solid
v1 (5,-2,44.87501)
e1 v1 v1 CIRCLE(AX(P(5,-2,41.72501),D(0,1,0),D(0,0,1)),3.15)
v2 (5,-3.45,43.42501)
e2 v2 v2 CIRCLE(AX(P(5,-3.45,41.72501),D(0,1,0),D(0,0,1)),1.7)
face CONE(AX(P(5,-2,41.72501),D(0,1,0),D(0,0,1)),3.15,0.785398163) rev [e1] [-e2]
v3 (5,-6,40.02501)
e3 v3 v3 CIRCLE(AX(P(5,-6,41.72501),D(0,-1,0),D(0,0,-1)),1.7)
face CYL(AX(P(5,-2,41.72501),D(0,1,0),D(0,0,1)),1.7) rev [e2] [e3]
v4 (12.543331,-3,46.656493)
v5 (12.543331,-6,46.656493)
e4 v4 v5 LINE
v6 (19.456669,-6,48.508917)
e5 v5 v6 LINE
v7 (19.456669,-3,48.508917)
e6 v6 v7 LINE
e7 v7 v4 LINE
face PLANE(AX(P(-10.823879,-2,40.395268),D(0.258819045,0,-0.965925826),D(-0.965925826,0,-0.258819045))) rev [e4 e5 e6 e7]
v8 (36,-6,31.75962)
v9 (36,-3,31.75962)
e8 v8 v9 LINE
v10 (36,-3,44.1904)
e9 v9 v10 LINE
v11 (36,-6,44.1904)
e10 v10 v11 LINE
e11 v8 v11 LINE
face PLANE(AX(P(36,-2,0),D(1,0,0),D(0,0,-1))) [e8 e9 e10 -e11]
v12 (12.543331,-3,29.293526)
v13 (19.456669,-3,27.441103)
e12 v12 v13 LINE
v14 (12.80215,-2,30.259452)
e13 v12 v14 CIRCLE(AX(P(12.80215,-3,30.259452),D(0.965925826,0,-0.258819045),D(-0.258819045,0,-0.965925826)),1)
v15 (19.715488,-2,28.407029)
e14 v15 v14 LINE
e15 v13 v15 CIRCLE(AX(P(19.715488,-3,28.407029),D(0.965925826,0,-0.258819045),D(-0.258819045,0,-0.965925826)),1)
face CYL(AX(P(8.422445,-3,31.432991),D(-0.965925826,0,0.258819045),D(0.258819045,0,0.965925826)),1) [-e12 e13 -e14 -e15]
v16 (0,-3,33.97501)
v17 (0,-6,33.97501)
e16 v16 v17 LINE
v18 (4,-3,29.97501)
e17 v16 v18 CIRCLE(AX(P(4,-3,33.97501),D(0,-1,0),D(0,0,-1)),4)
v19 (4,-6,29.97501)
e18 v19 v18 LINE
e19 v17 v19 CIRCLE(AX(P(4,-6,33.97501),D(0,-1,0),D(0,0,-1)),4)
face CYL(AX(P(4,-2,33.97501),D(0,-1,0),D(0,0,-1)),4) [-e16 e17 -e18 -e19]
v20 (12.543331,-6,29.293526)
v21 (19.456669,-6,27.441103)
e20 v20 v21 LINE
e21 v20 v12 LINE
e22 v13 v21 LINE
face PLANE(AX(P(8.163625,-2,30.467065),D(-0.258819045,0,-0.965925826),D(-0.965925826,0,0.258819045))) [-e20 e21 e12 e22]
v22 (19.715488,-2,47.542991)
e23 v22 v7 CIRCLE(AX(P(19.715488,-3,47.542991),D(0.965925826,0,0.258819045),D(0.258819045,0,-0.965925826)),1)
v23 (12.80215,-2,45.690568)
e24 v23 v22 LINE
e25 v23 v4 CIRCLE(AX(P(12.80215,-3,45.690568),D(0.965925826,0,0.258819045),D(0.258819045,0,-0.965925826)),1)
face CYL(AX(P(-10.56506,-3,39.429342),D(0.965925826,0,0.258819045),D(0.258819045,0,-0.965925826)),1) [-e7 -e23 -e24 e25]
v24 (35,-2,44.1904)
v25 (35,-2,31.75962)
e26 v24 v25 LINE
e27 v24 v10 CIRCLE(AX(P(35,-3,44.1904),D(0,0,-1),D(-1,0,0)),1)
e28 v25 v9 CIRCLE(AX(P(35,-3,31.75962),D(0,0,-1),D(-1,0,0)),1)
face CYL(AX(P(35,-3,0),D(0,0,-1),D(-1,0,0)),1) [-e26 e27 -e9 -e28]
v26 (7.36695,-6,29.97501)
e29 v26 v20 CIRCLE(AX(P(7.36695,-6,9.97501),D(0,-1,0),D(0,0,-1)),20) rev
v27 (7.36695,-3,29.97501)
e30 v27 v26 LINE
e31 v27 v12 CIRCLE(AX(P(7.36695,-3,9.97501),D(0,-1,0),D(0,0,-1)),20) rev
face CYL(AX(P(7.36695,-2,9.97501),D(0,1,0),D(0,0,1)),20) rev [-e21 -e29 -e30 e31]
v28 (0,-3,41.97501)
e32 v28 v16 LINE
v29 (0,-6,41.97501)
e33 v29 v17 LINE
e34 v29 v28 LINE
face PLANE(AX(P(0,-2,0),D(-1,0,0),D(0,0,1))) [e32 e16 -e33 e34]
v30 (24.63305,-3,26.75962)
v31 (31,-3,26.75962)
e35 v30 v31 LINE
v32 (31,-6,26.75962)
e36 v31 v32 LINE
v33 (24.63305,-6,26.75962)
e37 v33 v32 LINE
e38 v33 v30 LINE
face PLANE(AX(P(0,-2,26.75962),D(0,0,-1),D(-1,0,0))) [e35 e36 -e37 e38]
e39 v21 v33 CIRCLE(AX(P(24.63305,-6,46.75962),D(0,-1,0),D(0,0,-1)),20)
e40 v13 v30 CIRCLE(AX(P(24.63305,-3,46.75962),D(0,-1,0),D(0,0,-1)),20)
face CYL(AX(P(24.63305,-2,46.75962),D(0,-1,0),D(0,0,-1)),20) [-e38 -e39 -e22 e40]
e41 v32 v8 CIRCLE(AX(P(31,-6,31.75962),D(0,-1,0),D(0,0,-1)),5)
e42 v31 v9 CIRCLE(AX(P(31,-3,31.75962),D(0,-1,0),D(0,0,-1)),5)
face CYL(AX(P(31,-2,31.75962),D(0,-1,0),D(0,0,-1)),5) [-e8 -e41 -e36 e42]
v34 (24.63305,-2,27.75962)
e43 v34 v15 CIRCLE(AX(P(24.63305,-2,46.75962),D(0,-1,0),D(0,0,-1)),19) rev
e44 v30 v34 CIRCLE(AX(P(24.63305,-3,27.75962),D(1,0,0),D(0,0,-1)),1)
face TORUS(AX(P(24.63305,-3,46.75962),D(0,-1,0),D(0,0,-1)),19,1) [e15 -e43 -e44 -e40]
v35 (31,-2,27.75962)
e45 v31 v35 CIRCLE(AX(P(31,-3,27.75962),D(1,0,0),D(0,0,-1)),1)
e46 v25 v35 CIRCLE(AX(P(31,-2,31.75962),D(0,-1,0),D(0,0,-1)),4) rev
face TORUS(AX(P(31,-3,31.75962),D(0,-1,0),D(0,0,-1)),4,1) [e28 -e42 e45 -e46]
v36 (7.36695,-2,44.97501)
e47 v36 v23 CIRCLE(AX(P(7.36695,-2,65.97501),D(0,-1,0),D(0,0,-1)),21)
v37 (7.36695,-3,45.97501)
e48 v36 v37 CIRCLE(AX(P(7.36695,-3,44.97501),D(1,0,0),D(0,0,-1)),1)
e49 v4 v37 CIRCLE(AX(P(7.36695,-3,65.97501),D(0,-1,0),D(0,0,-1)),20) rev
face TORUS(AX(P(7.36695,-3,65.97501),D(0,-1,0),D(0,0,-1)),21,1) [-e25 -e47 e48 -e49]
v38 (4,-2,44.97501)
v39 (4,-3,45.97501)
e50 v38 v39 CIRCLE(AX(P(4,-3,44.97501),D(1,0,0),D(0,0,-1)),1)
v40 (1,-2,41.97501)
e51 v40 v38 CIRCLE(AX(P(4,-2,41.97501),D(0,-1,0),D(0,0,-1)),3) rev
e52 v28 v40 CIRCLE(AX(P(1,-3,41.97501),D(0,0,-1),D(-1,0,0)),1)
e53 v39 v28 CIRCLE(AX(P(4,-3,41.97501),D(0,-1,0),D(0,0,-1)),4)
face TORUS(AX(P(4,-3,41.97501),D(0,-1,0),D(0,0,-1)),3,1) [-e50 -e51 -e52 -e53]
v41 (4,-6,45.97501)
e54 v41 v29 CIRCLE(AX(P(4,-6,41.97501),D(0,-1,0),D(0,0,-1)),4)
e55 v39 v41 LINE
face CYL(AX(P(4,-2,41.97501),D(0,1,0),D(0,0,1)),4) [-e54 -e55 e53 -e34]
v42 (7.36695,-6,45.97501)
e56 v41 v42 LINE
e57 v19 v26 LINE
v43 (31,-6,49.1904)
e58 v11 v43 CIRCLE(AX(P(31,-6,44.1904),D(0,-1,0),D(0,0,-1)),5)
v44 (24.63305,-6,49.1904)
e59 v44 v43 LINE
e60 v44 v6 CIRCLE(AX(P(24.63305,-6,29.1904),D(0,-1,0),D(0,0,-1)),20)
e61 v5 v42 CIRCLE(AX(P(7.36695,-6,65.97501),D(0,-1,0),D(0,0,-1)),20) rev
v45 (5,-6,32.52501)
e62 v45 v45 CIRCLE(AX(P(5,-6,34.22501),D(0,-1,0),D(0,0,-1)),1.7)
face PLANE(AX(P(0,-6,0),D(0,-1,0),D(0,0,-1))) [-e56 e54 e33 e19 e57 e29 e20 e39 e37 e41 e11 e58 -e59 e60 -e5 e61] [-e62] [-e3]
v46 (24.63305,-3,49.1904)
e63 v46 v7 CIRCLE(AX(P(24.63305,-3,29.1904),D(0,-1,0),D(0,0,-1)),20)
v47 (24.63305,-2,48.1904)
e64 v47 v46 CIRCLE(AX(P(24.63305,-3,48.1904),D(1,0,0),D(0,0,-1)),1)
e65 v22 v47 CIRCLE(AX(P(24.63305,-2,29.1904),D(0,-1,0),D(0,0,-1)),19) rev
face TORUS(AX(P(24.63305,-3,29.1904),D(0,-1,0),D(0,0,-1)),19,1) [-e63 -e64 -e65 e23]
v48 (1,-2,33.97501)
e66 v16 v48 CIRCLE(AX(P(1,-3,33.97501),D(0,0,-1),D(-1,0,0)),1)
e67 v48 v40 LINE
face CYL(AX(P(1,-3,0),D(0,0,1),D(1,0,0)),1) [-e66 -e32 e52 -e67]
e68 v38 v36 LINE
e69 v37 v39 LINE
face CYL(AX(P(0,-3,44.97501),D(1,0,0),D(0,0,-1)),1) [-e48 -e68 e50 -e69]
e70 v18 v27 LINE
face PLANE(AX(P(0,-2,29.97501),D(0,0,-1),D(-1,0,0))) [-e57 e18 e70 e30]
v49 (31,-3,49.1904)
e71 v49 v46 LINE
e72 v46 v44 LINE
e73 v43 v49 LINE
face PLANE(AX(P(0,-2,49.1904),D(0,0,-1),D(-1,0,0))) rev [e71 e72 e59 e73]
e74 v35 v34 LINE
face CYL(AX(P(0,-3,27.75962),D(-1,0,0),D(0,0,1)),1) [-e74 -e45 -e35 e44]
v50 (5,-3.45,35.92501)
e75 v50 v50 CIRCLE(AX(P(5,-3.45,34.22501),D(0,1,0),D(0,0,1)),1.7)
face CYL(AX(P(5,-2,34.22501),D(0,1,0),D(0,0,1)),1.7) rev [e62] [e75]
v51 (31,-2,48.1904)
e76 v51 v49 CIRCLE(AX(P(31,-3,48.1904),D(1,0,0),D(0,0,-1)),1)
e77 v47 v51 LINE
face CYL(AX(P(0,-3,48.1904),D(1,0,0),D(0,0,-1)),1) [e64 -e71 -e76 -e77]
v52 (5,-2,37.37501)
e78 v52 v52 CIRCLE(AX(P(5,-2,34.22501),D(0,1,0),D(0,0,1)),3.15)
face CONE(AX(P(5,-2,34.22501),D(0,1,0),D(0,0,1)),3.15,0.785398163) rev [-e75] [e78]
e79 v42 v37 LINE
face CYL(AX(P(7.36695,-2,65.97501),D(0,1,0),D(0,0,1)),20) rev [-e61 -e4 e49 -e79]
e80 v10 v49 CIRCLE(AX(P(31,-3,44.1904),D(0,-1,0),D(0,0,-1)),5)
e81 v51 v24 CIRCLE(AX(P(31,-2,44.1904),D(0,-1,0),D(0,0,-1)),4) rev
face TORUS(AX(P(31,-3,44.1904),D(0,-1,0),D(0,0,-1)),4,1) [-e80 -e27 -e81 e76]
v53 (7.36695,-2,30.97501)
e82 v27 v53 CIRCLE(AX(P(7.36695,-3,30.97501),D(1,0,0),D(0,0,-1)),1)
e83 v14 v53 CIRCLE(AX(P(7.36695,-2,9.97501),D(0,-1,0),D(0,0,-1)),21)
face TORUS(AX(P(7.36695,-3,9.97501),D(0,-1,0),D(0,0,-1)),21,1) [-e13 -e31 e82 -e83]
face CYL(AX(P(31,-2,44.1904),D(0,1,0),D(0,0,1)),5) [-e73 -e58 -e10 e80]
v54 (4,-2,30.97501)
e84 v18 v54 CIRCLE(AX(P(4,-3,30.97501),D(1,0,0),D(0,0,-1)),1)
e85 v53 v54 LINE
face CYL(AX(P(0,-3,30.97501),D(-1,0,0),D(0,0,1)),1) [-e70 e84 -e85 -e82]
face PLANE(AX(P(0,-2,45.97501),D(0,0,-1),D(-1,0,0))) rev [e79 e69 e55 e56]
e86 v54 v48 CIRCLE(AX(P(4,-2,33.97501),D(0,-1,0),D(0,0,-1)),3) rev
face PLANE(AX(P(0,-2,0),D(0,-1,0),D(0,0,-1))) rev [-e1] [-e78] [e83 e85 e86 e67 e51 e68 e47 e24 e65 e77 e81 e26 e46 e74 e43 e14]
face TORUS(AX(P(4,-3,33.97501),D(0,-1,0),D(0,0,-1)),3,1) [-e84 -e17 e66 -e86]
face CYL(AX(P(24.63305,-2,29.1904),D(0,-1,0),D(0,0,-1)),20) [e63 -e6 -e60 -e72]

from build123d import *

# Parameters (mm, degrees)
DODANIE_WYCI_GNI_CIE3_DEPTH                      = 4
POG_BIENIE_STO_KOWE_POD_M3_RUB_Z_BEM_D           = 3.4
POG_BIENIE_STO_KOWE_POD_M3_RUB_Z_BEM_DEPTH       = 8
POG_BIENIE_STO_KOWE_POD_M3_RUB_Z_BEM_CSINK_D     = 6.3
POG_BIENIE_STO_KOWE_POD_M3_RUB_Z_BEM_CSINK_ANGLE = 90
POG_BIENIE_STO_KOWE_POD_M3_RUB_Z_BEM_TIP         = 1.021463052
ZAOKR_GLENIE2_R                                  = 4
ZAOKR_GLENIE3_R                                  = 20
ZAOKR_GLENIE4_R                                  = 5
ZAOKR_GLENIE5_R                                  = 1


with BuildPart() as part:
    # Szkic21 → Dodanie-wyciągnięcie3 (new body)
    with BuildSketch(Plane.XZ.offset(6)):
        Polygon((0, 37.975009918), (0, 29.975009918), (10, 29.975009918), (22, 26.759619609), (36, 26.759619609), (36, 37.975009918), align=None)
        Polygon((0, 45.975009918), (0, 37.975009918), (36, 37.975009918), (36, 49.190400227), (22, 49.190400227), (10, 45.975009918), align=None)
    extrude(amount=-DODANIE_WYCI_GNI_CIE3_DEPTH)

    # Pogłębienie stożkowe pod M3 Śrubę z łbem soczewkowym2
    with Locations(Plane(origin=(0, -2, 0), x_dir=(1, 0, 0), z_dir=(0, 1, 0))):
        with Locations((5, -41.725009918), (5, -34.225009918)):
            CounterSinkHole(POG_BIENIE_STO_KOWE_POD_M3_RUB_Z_BEM_D / 2, POG_BIENIE_STO_KOWE_POD_M3_RUB_Z_BEM_CSINK_D / 2, depth=POG_BIENIE_STO_KOWE_POD_M3_RUB_Z_BEM_DEPTH, counter_sink_angle=POG_BIENIE_STO_KOWE_POD_M3_RUB_Z_BEM_CSINK_ANGLE)
            with Locations((0, 0, -(POG_BIENIE_STO_KOWE_POD_M3_RUB_Z_BEM_DEPTH + POG_BIENIE_STO_KOWE_POD_M3_RUB_Z_BEM_TIP / 2))):  # 118° drill point
                Cone(0, POG_BIENIE_STO_KOWE_POD_M3_RUB_Z_BEM_D / 2, POG_BIENIE_STO_KOWE_POD_M3_RUB_Z_BEM_TIP, mode=Mode.SUBTRACT)

    # Zaokrąglenie2
    zaokr_glenie2_edges = [part.edges().sort_by_distance(p)[0] for p in [
        (0, -4, 45.975009918),
        (0, -4, 29.975009918),
    ]]
    fillet(zaokr_glenie2_edges, radius=ZAOKR_GLENIE2_R)

    # Zaokrąglenie3
    zaokr_glenie3_edges = [part.edges().sort_by_distance(p)[0] for p in [
        (22, -4, 49.190400227),
        (10, -4, 45.975009918),
        (22, -4, 26.759619609),
        (10, -4, 29.975009918),
    ]]
    fillet(zaokr_glenie3_edges, radius=ZAOKR_GLENIE3_R)

    # Zaokrąglenie4
    zaokr_glenie4_edges = [part.edges().sort_by_distance(p)[0] for p in [
        (36, -4, 49.190400227),
        (36, -4, 26.759619609),
    ]]
    fillet(zaokr_glenie4_edges, radius=ZAOKR_GLENIE4_R)

    # Zaokrąglenie5
    zaokr_glenie5_edges = [part.edges().sort_by_distance(p)[0] for p in [
        (34.535533906, -2, 28.224085703),
        (27.816524976, -2, 26.759619609),
        (22.022526107, -2, 26.930722382),
        (16, -2, 28.367314764),
        (9.977473893, -2, 29.803907146),
        (5.683475024, -2, 29.975009918),
        (1.171572875, -2, 31.146582793),
        (0, -2, 37.975009918),
        (1.171572875, -2, 44.803437043),
        (5.683475024, -2, 45.975009918),
        (9.977473893, -2, 46.146112691),
        (16, -2, 47.582705073),
        (22.022526107, -2, 49.019297455),
        (27.816524976, -2, 49.190400227),
        (34.535533906, -2, 47.725934133),
        (36, -2, 37.975009918),
    ]]
    fillet(zaokr_glenie5_edges, radius=ZAOKR_GLENIE5_R)


solid = part.part
